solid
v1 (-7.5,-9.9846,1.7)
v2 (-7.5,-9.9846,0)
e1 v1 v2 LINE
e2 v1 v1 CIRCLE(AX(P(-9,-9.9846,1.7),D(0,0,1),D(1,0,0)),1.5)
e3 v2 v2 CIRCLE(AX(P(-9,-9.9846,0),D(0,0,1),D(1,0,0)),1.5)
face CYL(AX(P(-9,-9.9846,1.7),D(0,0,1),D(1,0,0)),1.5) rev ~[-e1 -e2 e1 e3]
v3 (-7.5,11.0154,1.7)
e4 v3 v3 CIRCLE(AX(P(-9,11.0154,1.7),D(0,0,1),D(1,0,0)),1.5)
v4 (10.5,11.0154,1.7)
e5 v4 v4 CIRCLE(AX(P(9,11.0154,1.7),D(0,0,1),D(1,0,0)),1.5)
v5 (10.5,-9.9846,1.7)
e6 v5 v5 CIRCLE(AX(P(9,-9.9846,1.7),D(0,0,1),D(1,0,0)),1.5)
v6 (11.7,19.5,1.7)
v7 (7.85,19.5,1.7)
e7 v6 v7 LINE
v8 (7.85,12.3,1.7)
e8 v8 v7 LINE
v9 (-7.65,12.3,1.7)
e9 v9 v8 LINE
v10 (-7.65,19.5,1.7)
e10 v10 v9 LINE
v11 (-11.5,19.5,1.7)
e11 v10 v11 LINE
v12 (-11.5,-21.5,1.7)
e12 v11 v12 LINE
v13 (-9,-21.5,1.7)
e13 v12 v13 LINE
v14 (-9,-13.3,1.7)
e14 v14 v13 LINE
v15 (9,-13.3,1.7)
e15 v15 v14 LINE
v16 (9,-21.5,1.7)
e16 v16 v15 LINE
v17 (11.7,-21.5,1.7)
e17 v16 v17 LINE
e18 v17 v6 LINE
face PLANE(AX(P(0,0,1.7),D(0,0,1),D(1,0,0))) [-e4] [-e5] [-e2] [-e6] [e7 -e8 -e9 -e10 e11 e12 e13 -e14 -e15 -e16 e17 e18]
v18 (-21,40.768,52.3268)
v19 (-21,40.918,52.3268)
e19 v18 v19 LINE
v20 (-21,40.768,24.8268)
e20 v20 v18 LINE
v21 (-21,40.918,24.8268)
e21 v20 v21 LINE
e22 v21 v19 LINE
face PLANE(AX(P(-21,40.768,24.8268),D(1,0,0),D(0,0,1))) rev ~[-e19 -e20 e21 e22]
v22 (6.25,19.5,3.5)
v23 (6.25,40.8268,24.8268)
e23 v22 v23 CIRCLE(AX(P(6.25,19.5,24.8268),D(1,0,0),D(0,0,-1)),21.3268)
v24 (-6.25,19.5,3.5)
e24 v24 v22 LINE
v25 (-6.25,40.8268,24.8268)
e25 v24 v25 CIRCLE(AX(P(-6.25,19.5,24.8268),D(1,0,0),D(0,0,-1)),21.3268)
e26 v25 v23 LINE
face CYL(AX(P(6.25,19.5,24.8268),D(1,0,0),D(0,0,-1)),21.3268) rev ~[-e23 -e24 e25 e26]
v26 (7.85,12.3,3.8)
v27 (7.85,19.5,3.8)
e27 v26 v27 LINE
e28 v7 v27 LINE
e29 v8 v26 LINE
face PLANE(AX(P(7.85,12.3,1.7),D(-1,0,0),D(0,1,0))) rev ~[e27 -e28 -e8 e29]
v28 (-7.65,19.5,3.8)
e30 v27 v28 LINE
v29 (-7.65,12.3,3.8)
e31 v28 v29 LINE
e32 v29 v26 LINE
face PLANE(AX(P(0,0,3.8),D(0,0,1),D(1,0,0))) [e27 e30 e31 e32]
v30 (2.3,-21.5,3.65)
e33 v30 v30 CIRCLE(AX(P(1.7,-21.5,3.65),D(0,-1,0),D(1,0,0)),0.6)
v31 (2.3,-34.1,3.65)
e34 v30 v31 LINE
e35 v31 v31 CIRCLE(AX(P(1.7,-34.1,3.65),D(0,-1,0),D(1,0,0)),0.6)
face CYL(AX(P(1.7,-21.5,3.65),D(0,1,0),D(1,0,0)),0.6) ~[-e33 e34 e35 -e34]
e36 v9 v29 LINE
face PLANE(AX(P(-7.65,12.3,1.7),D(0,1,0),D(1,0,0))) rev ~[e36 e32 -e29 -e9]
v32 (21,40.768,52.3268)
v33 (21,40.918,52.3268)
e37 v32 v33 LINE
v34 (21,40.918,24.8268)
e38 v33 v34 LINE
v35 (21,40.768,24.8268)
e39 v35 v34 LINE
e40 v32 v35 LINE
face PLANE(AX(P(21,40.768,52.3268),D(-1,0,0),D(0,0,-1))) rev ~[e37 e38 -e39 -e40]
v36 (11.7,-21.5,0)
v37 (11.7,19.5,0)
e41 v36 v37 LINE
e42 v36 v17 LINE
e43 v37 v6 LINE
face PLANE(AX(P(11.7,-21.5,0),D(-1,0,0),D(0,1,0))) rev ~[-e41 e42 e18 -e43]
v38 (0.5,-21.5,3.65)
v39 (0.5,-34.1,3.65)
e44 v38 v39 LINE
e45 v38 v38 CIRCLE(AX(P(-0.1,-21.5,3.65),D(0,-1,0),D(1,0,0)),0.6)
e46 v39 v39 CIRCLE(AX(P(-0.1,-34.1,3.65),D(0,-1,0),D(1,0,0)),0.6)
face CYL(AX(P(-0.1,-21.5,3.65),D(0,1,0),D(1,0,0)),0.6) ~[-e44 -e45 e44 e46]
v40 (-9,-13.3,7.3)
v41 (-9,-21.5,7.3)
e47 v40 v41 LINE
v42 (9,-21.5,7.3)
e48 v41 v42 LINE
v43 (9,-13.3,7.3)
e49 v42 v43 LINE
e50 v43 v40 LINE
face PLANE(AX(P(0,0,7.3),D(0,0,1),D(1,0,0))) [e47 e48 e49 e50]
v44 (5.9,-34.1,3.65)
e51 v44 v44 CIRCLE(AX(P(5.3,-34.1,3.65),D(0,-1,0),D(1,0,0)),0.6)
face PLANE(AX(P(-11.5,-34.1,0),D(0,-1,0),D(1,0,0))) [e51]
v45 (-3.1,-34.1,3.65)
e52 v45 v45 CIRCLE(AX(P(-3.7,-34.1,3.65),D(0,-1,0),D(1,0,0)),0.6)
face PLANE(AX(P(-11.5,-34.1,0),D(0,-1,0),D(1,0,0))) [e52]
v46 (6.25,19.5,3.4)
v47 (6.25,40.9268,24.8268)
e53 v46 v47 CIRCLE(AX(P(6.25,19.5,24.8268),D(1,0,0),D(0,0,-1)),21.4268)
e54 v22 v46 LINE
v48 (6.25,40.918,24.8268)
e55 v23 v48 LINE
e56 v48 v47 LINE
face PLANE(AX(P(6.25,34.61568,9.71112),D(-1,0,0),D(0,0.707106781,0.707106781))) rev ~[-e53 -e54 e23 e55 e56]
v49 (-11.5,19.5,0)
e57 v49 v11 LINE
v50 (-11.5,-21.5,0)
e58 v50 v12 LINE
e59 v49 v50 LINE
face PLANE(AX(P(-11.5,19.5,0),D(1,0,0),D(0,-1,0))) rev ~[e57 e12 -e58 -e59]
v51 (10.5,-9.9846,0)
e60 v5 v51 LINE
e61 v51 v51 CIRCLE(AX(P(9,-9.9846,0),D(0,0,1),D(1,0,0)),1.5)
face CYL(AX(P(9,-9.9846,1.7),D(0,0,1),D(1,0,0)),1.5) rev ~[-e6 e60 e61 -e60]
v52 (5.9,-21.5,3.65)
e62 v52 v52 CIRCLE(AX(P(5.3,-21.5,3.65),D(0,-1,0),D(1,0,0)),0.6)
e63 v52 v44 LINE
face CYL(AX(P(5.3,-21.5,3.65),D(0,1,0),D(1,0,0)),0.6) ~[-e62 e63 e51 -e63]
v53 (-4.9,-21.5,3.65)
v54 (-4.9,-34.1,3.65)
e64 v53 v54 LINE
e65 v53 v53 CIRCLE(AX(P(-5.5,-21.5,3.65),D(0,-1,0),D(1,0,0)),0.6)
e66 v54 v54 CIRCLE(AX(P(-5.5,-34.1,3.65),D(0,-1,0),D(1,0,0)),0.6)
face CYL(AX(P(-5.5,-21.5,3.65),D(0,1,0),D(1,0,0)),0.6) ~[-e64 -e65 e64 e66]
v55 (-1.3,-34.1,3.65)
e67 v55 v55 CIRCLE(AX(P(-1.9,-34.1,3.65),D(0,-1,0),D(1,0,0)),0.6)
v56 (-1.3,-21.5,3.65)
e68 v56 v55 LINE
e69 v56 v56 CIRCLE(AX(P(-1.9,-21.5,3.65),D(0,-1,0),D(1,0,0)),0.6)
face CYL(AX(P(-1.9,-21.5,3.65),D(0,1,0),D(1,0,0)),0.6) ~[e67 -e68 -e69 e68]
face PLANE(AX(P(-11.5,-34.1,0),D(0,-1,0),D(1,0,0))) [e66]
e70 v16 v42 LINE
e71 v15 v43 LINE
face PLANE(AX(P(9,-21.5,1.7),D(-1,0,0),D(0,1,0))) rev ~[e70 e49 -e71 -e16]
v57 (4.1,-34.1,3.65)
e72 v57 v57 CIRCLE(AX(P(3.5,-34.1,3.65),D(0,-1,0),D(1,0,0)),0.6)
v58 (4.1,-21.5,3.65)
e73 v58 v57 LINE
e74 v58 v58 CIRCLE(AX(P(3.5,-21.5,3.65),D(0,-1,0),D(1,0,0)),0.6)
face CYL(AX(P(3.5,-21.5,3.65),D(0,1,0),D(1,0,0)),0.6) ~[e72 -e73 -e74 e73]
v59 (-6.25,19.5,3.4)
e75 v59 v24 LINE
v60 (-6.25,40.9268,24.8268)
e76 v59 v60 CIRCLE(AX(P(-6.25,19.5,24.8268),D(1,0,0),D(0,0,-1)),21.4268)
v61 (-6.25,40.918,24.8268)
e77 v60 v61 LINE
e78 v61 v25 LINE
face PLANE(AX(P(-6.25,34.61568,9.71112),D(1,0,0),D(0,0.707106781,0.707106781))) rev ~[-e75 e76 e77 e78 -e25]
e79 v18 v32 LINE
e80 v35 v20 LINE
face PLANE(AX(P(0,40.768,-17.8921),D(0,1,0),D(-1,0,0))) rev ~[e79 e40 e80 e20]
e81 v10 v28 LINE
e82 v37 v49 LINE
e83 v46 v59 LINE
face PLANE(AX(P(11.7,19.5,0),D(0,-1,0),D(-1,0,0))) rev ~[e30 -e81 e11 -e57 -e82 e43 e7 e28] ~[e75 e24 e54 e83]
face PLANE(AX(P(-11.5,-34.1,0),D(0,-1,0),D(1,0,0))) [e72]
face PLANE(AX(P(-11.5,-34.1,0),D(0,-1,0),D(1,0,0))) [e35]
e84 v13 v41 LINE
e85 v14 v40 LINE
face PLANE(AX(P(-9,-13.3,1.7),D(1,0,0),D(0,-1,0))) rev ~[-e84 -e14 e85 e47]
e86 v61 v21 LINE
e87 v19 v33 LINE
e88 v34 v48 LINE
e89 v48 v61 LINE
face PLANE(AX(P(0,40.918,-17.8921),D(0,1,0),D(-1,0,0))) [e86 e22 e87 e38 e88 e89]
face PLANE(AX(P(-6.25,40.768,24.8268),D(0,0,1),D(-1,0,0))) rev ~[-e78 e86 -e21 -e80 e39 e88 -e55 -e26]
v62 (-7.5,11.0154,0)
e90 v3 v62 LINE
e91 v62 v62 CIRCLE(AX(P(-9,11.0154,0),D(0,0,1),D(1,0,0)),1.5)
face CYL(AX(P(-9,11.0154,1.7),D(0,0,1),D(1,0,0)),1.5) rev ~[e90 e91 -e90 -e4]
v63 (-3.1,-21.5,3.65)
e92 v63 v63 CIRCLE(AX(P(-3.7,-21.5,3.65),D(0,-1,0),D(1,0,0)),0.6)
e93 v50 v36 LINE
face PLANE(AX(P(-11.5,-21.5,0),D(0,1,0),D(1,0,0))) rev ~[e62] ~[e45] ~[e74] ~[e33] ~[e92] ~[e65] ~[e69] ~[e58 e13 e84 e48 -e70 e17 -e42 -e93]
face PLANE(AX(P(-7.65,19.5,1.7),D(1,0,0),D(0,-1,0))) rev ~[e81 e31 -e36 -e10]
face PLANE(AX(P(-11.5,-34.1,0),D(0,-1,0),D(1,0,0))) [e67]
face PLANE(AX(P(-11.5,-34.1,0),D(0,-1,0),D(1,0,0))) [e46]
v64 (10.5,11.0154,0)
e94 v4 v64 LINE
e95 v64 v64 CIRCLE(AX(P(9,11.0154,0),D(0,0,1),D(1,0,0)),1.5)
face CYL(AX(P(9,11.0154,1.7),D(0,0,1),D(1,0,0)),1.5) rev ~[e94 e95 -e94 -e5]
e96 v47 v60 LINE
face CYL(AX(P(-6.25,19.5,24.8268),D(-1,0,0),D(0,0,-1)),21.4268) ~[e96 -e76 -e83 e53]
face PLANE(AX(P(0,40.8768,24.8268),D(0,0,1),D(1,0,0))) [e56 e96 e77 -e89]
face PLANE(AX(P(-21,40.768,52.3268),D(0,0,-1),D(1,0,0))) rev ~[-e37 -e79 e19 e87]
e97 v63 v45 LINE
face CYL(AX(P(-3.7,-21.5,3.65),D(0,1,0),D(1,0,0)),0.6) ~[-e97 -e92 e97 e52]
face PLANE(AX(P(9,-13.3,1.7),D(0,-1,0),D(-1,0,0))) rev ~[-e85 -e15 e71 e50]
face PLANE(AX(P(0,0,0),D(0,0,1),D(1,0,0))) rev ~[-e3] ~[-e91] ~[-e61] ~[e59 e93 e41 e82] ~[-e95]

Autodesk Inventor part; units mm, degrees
ref_plane "YZ Plane" through (0, 0, 0) normal (1, 0, 0) x (0, 1, 0)
ref_plane "XZ Plane" through (0, 0, 0) normal (0, 1, 0) x (-1, 0, 0)
ref_plane "XY Plane" through (0, 0, 0) normal (0, 0, 1) x (1, 0, 0)
sketch "Эскиз1" plane through (0, 0, 0) normal (0, 0, 1) x (1, 0, 0)
  line L0 (-11.5, -21.5) -> (11.7, -21.5)
  line L1 (11.7, -21.5) -> (11.7, 19.5)
  line L2 (11.7, 19.5) -> (-11.5, 19.5)
  line L3 (-11.5, 19.5) -> (-11.5, -21.5)
  circle A0 centre (-9, -10.5) radius 1.5 projected
  point P0 (0, 0)
  dimension "d0" = 23.2
  dimension "d1" = 41
  dimension "d4" = 11
  dimension "d5" = 2.5
extrude "Выдавливание1" add sketch "Эскиз1" along normal blind 1.7 contours L3 L2 L1 L0 | A0
sketch "Эскиз2" plane through (0, 0, 1.7) normal (0, 0, 1) x (1, 0, 0)
  circle A0 centre (-9, -9.9846) radius 1.5 projected
  circle A1 centre (9, -9.9846) radius 1.5 projected
  circle A2 centre (-9, 11.0154) radius 1.5 projected
  circle A3 centre (9, 11.0154) radius 1.5 projected
  point P0 (0, 0)
extrude "Выдавливание2" cut sketch "Эскиз2" against normal blind 1.7
sketch "Эскиз3" plane through (0, 0, 1.7) normal (0, 0, 1) x (1, 0, 0)
  line L0 (-9, -21.5) -> (9, -21.5)
  line L1 (9, -21.5) -> (9, -13.3)
  line L2 (9, -13.3) -> (-9, -13.3)
  line L3 (-9, -13.3) -> (-9, -21.5)
  line L4 (-11.5, -21.5) -> (11.7, -21.5) projected
  point P0 (0, 0)
  point P1 (0, -21.5)
  point P2 (0.1, -21.5)
  dimension "d8" = 18
  dimension "d9" = 8.2
extrude "Выдавливание3" add sketch "Эскиз3" along normal blind 5.6
sketch "Эскиз4" plane through (-11.5, -21.5, 0) normal (0, -1, 0) x (1, 0, 0)
  circle A0 centre (6, 3.65) radius 0.6
  line L0 (2.5, 7.3) -> (20.5, 7.3) projected
  line L1 (6, 7.3) -> (6, 0) construction
  line L2 (0, 0) -> (0, 1.7) projected
  circle A1 centre (7.8, 3.65) radius 0.6
  circle A2 centre (9.6, 3.65) radius 0.6
  circle A3 centre (11.4, 3.65) radius 0.6
  circle A4 centre (13.2, 3.65) radius 0.6
  circle A5 centre (15, 3.65) radius 0.6
  circle A6 centre (16.8, 3.65) radius 0.6
  point P0 (11.5, 0)
  dimension "d12" = 1.2
  dimension "d13" = 6
  dimension "d16" = 1.8
extrude "Выдавливание4" add sketch "Эскиз4" along normal blind 12.6
sketch "Эскиз5" plane through (0, 0, 1.7) normal (0, 0, 1) x (1, 0, 0)
  line L0 (-7.65, 12.3) -> (7.85, 12.3)
  line L1 (7.85, 12.3) -> (7.85, 19.5)
  line L2 (7.85, 19.5) -> (-7.65, 19.5)
  line L3 (-7.65, 19.5) -> (-7.65, 12.3)
  line L4 (11.7, 19.5) -> (-11.5, 19.5) projected
  point P0 (0, 0)
  point P1 (0.1, 19.5)
  point P2 (0.1, 19.5)
  dimension "d23" = 15.5
  dimension "d24" = 7.2
extrude "Выдавливание5" add sketch "Эскиз5" along normal blind 2.1
sketch "Эскиз6" plane through (-11.5, 19.5, 0) normal (0, 1, 0) x (1, 0, 0)
  line L0 (17.75, -3.5) -> (5.25, -3.5)
  line L1 (5.25, -3.5) -> (5.25, -3.4)
  line L2 (5.25, -3.4) -> (17.75, -3.4)
  line L3 (17.75, -3.4) -> (17.75, -3.5)
  line L4 (20.5, -7.3) -> (2.5, -7.3) projected
  line L5 (19.35, -3.8) -> (3.85, -3.8) projected
  point P0 (11.5, 0)
  point P1 (11.5, -3.4)
  point P2 (11.5, -7.3)
  dimension "d27" = 12.5
  dimension "d28" = 0.1
  dimension "d29" = 0.3
sketch "Эскиз7" plane through (0, 0, 0) normal (1, 0, 0) x (0, 1, 0)
  line L0 (19.5, 3.4) -> (19.5, 3.5) projected
  line L1 (20.262, -17.8921) -> (54.1609, -17.8921) construction
  arc A0 (19.5, 3.5) -> (40.8268, 24.8268) centre (19.5, 24.8268) ccw
  line L2 (19.5, 1.7) -> (19.5, 3.8) projected
  line L3 (31.9208, 24.8268) -> (55.6437, 24.8268) construction
  point P0 (0, 0)
  dimension "d40" = 33.5
sweep "Сдвиг1" add profiles "Эскиз6" path "Эскиз7" path curves A0
ref_plane "РабПлоскость2" through (0, 40.768, -17.8921) normal (0, 1, 0) x (-1, 0, 0)
sketch "Эскиз9" plane through (0, 40.768, -17.8921) normal (0, 1, 0) x (-1, 0, 0)
  line L0 (21, 70.2189) -> (-21, 70.2189)
  line L1 (-21, 70.2189) -> (-21, 42.7189)
  line L2 (-21, 42.7189) -> (21, 42.7189)
  line L3 (21, 42.7189) -> (21, 70.2189)
  line L4 (-6.25, 42.7189) -> (6.25, 42.7189) projected
  point P0 (0, 17.8921)
  point P1 (0, 42.7189)
  dimension "d41" = 42
  dimension "d42" = 27.5
extrude "Выдавливание6" add sketch "Эскиз9" along normal blind 0.15
properties part number "ЛЦМК000002.00.00.00.00.13 OLED"
